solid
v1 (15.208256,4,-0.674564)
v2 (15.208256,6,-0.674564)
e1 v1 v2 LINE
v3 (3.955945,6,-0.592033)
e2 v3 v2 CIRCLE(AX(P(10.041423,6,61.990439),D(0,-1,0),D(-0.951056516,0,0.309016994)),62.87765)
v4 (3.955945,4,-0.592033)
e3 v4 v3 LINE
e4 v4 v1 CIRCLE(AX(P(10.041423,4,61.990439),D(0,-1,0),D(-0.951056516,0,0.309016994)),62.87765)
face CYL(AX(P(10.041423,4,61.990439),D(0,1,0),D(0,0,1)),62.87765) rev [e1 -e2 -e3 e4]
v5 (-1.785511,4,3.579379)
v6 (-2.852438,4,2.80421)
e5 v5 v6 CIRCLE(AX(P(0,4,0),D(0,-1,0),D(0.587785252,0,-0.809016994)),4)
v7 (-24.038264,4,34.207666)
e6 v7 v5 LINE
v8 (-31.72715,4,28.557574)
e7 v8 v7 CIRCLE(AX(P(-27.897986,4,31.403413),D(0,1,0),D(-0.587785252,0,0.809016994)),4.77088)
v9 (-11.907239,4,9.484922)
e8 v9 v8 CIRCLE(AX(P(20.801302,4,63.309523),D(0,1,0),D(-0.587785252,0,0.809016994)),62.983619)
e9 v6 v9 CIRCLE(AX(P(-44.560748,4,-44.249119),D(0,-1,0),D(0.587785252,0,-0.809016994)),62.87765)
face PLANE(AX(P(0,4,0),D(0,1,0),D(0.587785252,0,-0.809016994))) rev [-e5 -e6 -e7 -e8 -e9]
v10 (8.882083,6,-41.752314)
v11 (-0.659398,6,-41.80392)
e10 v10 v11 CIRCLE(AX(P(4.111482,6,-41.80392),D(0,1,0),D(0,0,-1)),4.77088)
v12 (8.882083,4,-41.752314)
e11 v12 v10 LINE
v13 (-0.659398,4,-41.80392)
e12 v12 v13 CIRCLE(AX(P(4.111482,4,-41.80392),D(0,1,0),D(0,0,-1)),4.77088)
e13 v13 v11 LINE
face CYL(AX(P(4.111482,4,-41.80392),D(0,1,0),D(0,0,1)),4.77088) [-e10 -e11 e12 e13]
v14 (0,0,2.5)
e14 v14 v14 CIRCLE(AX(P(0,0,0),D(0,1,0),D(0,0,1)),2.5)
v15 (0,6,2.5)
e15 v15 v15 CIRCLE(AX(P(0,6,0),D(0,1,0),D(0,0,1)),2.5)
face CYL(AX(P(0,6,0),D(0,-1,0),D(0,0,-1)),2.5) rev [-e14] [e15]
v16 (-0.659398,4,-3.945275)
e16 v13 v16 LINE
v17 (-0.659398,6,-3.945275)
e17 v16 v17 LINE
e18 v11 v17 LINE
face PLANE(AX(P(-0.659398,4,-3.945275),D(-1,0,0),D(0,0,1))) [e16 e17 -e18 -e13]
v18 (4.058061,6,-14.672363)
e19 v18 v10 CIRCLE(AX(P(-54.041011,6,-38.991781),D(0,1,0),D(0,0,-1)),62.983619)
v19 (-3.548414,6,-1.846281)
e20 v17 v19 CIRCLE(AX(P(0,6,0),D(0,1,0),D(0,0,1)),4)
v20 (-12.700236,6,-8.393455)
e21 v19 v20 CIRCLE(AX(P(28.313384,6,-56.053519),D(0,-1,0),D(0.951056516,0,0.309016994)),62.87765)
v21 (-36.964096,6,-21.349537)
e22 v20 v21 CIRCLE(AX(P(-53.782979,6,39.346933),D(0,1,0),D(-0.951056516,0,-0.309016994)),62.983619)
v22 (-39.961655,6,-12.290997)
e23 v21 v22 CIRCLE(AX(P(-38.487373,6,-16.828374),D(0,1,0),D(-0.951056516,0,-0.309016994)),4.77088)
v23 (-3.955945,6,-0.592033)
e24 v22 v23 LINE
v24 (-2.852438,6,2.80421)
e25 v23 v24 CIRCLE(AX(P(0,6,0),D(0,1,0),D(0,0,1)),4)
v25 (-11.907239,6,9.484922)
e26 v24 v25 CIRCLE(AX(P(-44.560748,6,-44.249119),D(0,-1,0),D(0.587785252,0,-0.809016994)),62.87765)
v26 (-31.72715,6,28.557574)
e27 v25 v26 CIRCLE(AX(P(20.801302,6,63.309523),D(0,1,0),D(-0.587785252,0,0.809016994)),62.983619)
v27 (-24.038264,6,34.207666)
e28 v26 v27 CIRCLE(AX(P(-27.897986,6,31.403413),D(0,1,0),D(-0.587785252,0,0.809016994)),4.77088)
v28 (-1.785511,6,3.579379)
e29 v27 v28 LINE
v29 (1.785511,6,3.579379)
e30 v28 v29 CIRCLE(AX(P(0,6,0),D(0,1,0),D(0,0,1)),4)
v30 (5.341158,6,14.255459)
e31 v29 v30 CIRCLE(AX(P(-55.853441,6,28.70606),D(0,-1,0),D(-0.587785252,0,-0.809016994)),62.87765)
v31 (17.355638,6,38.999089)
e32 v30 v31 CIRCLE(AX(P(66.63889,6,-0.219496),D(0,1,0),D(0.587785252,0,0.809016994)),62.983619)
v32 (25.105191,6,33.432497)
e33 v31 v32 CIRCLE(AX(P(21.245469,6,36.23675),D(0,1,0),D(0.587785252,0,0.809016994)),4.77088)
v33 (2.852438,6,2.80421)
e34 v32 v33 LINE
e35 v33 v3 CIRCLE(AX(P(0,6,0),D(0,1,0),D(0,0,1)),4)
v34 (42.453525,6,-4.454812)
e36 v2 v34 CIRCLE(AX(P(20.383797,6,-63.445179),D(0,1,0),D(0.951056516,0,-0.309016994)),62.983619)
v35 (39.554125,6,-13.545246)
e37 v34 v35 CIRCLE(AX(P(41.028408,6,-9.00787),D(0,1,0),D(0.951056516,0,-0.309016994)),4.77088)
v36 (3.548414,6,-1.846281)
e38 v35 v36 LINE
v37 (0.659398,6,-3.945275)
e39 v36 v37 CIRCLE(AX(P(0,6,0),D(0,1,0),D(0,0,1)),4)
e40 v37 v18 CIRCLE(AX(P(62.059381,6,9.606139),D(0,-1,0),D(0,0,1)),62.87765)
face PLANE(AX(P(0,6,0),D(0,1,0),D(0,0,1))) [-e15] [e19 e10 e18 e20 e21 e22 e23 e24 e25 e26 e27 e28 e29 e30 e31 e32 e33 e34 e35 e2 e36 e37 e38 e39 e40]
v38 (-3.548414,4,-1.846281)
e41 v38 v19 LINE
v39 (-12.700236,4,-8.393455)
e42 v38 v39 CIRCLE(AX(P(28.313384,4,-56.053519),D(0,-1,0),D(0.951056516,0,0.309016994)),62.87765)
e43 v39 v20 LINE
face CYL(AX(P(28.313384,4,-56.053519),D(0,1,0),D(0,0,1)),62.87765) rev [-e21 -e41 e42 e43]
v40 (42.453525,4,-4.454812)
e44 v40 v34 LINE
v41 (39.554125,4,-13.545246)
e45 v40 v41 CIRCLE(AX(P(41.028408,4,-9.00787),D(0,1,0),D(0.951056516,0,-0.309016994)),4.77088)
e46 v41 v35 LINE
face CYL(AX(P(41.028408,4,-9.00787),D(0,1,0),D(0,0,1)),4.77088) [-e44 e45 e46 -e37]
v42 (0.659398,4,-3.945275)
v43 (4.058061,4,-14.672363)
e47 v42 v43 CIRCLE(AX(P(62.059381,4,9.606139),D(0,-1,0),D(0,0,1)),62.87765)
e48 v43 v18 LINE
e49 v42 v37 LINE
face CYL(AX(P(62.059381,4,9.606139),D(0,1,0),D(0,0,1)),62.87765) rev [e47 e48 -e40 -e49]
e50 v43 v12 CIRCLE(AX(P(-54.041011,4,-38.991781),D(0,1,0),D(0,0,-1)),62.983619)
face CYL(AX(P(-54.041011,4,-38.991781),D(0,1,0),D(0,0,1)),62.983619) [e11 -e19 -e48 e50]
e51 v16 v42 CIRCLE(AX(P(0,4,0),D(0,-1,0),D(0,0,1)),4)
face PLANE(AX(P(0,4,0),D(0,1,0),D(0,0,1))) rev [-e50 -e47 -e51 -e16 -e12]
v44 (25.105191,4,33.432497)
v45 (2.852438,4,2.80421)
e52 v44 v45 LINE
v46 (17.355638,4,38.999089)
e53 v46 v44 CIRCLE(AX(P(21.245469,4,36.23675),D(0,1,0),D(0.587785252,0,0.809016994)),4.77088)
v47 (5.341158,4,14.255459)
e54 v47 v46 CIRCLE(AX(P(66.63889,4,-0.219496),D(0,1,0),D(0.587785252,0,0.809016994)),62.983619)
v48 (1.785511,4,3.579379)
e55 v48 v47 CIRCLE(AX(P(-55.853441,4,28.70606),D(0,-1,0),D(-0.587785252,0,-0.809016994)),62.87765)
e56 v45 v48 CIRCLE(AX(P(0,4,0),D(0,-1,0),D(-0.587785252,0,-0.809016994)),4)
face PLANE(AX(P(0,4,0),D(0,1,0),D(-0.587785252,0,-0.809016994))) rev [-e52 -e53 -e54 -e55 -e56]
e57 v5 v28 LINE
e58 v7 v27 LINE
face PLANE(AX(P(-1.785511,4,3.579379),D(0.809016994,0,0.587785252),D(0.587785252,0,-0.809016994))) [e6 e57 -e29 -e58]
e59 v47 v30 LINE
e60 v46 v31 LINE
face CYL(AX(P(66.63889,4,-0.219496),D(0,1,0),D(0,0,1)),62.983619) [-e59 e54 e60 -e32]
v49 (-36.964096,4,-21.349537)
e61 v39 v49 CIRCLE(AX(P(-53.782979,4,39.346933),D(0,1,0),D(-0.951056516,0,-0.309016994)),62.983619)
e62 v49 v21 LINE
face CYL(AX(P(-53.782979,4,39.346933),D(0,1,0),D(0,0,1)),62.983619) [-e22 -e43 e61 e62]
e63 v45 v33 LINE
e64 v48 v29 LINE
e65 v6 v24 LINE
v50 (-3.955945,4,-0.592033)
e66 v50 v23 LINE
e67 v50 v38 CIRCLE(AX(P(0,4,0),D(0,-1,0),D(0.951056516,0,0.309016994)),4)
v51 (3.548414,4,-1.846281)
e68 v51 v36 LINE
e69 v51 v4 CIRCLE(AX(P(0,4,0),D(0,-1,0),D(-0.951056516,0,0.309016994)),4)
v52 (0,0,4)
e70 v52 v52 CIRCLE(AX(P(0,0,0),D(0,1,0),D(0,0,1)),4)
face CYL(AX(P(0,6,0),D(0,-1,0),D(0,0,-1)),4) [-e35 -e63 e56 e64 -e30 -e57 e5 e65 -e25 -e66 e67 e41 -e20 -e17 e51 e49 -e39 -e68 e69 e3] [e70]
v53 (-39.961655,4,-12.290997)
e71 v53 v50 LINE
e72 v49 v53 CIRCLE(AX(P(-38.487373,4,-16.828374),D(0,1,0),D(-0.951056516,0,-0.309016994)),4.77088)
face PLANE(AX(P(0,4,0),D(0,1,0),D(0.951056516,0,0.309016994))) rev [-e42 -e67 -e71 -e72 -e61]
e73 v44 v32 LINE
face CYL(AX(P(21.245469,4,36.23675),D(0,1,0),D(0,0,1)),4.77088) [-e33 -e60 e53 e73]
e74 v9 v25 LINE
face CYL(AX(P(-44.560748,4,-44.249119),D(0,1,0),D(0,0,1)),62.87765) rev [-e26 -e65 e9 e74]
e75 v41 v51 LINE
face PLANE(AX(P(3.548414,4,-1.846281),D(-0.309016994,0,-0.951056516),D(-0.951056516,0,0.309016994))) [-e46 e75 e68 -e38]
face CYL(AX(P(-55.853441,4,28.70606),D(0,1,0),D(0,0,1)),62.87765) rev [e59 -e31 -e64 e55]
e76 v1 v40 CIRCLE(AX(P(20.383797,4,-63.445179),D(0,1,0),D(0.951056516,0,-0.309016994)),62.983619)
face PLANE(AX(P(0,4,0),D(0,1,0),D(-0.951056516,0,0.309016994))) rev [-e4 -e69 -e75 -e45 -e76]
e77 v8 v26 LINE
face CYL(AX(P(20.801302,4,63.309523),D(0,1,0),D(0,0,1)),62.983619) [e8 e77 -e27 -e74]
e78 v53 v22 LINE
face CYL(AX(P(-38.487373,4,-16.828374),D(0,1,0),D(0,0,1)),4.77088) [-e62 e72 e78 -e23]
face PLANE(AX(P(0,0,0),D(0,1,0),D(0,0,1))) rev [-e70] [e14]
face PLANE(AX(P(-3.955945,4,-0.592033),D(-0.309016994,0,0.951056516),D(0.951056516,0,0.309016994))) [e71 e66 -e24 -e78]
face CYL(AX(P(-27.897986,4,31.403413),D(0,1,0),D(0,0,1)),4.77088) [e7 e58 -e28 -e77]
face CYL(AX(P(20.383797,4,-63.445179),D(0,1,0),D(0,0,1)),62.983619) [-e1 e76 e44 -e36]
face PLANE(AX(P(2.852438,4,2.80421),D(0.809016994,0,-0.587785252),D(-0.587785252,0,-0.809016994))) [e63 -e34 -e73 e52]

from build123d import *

# Parameters (mm, degrees)
SKETCH1_R           = 4
SKETCH1_R_2         = 2.5
BOSS_EXTRUDE1_DEPTH = 6
BOSS_EXTRUDE2_START = -2
BOSS_EXTRUDE2_DEPTH = 2
CIRPATTERN1_COUNT   = 5


with BuildPart() as part:
    # Sketch1 → Boss-Extrude1 (new body)
    with BuildSketch(Plane(origin=(0, 0, 0), x_dir=(1, 0, 0), z_dir=(0, 1, 0))):
        Circle(SKETCH1_R)
        Circle(SKETCH1_R_2, mode=Mode.SUBTRACT)
    extrude(amount=BOSS_EXTRUDE1_DEPTH)

    # Sketch2 → Boss-Extrude2 (add)
    with BuildSketch(Plane(origin=(0, 6, 0), x_dir=(1, 0, 0), z_dir=(0, 1, 0)).offset(BOSS_EXTRUDE2_START)):
        with BuildLine():
            Line((-0.659397634, 3.945274992), (-0.659397634, 41.803919823))
            ThreePointArc((-0.659397634, 41.803919823), (4.137285492, 46.574729802), (8.882082768, 41.752313842))
            ThreePointArc((8.882082768, 41.752313842), (7.966424676, 27.945777977), (4.058060811, 14.672362658))
            ThreePointArc((4.058060811, 14.672362658), (2.118281369, 9.384999918), (0.659397634, 3.945274992))
            ThreePointArc((0.659397634, 3.945274992), (0, 4), (-0.659397634, 3.945274992))
        make_face()
    boss_extrude2 = extrude(amount=BOSS_EXTRUDE2_DEPTH)

    # CirPattern1: Boss-Extrude2 ×5 about axis
    cirpattern1_axis = Axis((0, -0.3, 0), (0, 1, 0))
    for i in range(1, CIRPATTERN1_COUNT):
        add(boss_extrude2.rotate(cirpattern1_axis, i * 360 / CIRPATTERN1_COUNT))


solid = part.part
